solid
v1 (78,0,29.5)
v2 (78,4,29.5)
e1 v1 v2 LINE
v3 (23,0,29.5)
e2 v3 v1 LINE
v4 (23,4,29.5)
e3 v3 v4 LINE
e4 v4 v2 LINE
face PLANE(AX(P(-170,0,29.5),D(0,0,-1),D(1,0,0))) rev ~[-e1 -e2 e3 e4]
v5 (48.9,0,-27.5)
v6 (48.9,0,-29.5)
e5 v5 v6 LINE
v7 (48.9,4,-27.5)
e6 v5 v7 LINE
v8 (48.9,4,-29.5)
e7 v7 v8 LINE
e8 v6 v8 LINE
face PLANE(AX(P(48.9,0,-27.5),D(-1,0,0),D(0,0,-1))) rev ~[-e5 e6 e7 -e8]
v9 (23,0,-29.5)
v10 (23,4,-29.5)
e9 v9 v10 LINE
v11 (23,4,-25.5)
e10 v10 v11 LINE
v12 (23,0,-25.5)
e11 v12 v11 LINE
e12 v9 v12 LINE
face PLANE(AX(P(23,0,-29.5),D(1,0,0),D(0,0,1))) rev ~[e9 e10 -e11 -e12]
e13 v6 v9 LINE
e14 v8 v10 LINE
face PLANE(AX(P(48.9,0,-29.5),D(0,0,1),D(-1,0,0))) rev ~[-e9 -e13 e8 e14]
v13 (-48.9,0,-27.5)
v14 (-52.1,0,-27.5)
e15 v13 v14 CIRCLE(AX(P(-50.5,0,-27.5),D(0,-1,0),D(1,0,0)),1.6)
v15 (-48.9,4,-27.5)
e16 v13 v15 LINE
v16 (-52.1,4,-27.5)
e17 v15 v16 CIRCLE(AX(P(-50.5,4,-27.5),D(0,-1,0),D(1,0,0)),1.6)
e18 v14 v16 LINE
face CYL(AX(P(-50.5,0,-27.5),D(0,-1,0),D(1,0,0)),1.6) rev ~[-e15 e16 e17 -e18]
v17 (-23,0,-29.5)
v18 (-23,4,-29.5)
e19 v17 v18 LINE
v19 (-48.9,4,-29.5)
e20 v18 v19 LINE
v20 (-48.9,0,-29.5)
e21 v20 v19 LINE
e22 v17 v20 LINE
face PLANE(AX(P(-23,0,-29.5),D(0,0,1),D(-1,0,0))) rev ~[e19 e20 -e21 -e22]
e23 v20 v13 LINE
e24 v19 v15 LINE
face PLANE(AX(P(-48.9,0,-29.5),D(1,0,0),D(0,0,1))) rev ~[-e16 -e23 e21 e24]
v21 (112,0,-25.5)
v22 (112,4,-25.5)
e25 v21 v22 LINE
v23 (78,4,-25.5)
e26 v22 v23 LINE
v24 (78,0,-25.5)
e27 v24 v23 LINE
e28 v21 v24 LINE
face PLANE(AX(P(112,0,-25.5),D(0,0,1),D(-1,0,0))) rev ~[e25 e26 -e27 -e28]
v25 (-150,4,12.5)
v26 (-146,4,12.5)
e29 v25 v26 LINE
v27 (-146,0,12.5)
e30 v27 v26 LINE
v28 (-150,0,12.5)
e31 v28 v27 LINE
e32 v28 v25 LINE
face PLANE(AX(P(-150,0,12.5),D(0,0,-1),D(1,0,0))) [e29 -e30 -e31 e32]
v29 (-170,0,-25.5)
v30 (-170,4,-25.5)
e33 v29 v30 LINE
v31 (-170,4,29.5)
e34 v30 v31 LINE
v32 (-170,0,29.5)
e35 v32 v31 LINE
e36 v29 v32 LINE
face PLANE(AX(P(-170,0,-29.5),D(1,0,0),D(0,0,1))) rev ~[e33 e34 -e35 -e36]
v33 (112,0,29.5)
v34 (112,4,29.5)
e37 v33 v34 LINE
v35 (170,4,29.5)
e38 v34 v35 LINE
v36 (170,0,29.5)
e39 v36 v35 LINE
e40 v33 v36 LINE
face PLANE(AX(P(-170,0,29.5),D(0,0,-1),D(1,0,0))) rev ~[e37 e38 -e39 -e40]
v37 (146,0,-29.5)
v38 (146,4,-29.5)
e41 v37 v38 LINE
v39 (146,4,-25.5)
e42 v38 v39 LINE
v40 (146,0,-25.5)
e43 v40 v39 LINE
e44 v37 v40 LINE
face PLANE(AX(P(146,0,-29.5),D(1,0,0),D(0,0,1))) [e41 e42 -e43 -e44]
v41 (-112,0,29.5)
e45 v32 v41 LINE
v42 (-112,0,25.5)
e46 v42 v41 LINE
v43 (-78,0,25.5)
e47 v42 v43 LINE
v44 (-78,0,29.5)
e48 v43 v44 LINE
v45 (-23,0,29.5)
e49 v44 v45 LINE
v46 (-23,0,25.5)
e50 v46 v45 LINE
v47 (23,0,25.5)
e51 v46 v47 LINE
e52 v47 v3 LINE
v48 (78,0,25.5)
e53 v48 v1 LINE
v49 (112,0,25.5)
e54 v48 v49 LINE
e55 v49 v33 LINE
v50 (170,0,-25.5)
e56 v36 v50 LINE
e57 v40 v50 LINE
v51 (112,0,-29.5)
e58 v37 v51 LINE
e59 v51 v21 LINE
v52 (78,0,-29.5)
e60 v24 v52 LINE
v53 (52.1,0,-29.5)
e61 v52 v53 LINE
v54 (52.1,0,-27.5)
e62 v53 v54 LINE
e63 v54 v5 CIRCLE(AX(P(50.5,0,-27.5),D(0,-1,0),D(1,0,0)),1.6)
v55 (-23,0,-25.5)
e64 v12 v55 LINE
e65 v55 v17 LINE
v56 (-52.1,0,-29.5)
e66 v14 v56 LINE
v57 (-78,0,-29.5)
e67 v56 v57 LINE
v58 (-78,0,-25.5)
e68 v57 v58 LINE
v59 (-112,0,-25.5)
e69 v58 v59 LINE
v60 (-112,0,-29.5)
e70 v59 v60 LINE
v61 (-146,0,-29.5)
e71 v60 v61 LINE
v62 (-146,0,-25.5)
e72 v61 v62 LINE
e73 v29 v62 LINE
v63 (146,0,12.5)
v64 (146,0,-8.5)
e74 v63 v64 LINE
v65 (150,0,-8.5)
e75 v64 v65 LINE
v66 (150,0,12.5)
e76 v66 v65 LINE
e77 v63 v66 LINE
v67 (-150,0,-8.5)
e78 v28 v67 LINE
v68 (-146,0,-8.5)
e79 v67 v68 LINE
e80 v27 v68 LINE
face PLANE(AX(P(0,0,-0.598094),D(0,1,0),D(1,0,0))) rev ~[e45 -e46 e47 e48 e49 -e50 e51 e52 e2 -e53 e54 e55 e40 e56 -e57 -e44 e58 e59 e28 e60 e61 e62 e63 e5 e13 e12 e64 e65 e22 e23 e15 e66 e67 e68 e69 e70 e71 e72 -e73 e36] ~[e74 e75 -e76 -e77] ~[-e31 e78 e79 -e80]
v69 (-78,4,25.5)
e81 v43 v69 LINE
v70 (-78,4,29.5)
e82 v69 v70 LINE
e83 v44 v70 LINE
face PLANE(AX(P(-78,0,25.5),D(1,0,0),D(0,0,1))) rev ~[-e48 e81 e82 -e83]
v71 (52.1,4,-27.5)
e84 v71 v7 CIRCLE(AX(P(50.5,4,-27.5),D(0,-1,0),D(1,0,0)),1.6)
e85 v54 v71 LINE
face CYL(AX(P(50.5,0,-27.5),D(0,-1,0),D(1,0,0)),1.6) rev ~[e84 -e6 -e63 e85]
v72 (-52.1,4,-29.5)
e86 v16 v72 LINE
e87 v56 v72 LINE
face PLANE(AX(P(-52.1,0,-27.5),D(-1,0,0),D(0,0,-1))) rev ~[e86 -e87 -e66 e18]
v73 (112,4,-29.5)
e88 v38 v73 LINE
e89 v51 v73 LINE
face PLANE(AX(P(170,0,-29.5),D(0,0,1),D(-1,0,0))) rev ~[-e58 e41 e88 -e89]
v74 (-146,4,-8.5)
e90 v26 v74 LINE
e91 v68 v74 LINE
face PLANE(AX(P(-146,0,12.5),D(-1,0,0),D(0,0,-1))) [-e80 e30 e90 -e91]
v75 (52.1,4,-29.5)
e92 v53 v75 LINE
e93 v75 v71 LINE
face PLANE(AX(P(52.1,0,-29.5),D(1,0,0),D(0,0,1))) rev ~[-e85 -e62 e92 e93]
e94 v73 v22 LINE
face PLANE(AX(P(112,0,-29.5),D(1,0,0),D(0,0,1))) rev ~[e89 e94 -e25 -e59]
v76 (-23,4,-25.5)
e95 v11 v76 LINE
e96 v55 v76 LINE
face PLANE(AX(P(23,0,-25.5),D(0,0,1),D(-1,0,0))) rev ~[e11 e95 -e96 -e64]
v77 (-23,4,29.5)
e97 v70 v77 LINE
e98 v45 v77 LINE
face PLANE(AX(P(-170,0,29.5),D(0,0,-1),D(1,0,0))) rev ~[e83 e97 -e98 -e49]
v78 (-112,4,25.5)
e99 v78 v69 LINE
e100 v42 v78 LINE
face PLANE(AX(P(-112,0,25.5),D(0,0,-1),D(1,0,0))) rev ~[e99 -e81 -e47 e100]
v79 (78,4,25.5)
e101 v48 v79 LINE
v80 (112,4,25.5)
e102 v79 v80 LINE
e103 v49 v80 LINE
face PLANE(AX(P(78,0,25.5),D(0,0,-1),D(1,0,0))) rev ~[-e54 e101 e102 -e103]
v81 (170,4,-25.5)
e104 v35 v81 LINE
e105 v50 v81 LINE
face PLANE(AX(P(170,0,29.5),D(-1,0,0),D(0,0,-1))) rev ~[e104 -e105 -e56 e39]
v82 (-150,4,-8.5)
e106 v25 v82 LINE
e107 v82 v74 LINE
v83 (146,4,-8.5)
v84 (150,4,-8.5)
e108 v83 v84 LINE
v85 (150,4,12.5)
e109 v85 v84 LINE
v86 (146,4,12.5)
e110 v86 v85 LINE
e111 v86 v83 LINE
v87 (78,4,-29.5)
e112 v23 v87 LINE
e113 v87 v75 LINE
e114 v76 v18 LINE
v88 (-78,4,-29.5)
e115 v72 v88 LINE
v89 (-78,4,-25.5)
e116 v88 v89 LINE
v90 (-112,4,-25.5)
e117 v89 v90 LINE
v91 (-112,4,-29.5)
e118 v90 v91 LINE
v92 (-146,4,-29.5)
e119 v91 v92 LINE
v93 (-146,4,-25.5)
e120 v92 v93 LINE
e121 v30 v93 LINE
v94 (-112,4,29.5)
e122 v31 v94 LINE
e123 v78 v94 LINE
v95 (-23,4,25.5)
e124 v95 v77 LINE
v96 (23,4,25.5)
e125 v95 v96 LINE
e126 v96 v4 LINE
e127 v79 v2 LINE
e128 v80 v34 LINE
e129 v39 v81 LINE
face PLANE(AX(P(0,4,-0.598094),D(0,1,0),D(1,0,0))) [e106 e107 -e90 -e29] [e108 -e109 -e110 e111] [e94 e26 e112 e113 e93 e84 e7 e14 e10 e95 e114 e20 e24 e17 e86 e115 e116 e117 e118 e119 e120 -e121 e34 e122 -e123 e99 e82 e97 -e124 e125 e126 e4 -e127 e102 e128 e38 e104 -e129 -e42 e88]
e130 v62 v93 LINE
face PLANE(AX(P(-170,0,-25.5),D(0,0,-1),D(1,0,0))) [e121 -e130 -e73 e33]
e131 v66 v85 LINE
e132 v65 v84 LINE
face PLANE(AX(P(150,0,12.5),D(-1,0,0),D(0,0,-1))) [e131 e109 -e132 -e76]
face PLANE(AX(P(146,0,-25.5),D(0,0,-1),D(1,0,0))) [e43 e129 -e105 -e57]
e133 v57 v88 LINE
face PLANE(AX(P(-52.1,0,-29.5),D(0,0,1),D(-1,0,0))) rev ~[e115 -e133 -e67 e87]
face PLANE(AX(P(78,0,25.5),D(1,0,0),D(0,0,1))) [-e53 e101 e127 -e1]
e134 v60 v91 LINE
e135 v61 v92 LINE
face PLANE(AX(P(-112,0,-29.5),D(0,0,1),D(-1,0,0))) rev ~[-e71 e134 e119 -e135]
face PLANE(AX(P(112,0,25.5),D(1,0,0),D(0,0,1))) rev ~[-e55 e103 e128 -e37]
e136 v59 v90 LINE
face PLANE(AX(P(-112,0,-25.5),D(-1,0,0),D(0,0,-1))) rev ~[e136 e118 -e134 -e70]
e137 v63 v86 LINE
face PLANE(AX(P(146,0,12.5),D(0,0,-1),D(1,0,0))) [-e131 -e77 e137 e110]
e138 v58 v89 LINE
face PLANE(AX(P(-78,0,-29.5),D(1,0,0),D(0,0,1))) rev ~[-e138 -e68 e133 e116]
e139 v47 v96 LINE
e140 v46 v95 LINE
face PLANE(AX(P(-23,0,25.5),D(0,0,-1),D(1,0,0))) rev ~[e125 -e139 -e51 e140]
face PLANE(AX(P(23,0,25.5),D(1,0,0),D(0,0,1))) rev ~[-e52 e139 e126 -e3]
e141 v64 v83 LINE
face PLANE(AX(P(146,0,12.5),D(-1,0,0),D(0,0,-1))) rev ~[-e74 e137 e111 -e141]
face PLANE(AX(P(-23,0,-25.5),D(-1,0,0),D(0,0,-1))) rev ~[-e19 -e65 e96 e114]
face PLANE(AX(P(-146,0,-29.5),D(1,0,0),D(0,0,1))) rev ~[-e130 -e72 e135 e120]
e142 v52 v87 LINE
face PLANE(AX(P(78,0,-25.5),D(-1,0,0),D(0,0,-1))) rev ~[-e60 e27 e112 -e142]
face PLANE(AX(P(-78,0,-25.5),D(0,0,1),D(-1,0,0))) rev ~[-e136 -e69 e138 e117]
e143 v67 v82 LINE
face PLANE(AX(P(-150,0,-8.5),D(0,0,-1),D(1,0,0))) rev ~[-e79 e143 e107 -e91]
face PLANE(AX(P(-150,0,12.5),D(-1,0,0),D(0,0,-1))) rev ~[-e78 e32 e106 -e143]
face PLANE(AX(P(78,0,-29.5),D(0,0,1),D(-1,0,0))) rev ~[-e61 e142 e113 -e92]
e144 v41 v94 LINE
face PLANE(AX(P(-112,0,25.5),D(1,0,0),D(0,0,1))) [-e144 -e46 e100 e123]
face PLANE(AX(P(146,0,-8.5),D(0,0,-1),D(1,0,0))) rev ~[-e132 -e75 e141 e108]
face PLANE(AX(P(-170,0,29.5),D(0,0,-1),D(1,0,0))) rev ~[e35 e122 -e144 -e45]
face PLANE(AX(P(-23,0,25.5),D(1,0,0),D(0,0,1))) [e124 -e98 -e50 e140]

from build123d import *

# Parameters (mm, degrees)
SKETCH1_W           = 4
SKETCH1_H           = 21
BOSS_EXTRUDE1_DEPTH = 4
CUT_EXTRUDE1_REACH  = 174.587
SKETCH3_W           = 34
SKETCH3_H           = 4
SKETCH3_W_2         = 46
SKETCH3_W_3         = 24


with BuildPart() as part:
    # Sketch1 → Boss-Extrude1 (new body)
    with BuildSketch(Plane(origin=(0, 0, 0), x_dir=(1, 0, 0), z_dir=(0, 1, 0))):
        with BuildLine():
            Line((-170, -29.5), (170, -29.5))
            Line((170, -29.5), (170, 29.5))
            Line((170, 29.5), (112, 29.5))
            Line((112, 29.5), (112, 25.5))
            Line((112, 25.5), (78, 25.5))
            Line((78, 25.5), (78, 29.5))
            Line((78, 29.5), (52.1, 29.5))
            Line((52.1, 29.5), (52.1, 27.5))
            ThreePointArc((52.1, 27.5), (50.5, 25.9), (48.9, 27.5))
            Line((48.9, 27.5), (48.9, 29.5))
            Line((48.9, 29.5), (23, 29.5))
            Line((23, 29.5), (23, 25.5))
            Line((23, 25.5), (-23, 25.5))
            Line((-23, 25.5), (-23, 29.5))
            Line((-23, 29.5), (-48.9, 29.5))
            Line((-48.9, 29.5), (-48.9, 27.5))
            ThreePointArc((-48.9, 27.5), (-50.5, 25.9), (-52.1, 27.5))
            Line((-52.1, 27.5), (-52.1, 29.5))
            Line((-52.1, 29.5), (-78, 29.5))
            Line((-78, 29.5), (-78, 25.5))
            Line((-78, 25.5), (-112, 25.5))
            Line((-112, 25.5), (-112, 29.5))
            Line((-112, 29.5), (-170, 29.5))
            Line((-170, 29.5), (-170, -29.5))
        make_face()
        with Locations((-148, -2)):
            Rectangle(SKETCH1_W, SKETCH1_H, mode=Mode.SUBTRACT)
        with Locations((148, -2)):
            Rectangle(SKETCH1_W, SKETCH1_H, mode=Mode.SUBTRACT)
    extrude(amount=BOSS_EXTRUDE1_DEPTH)

    # Sketch3 → Cut-Extrude1 (cut, up to next)
    with BuildSketch(Plane.XZ, mode=Mode.PRIVATE) as cut_extrude1_sk1:
        with Locations((-95, 27.5)):
            Rectangle(SKETCH3_W, SKETCH3_H)
    cut_extrude1_tool1 = extrude(cut_extrude1_sk1.sketch, amount=-CUT_EXTRUDE1_REACH, mode=Mode.PRIVATE) & part.part
    # Sketch3 → Cut-Extrude1 (cut, up to next)
    with BuildSketch(Plane.XZ, mode=Mode.PRIVATE) as cut_extrude1_sk2:
        with Locations((0, 27.5)):
            Rectangle(SKETCH3_W_2, SKETCH3_H)
    cut_extrude1_tool2 = extrude(cut_extrude1_sk2.sketch, amount=-CUT_EXTRUDE1_REACH, mode=Mode.PRIVATE) & part.part
    # Sketch3 → Cut-Extrude1 (cut, up to next)
    with BuildSketch(Plane.XZ, mode=Mode.PRIVATE) as cut_extrude1_sk3:
        with Locations((95, 27.5)):
            Rectangle(SKETCH3_W, SKETCH3_H)
    cut_extrude1_tool3 = extrude(cut_extrude1_sk3.sketch, amount=-CUT_EXTRUDE1_REACH, mode=Mode.PRIVATE) & part.part
    # Sketch3 → Cut-Extrude1 (cut, up to next)
    with BuildSketch(Plane.XZ, mode=Mode.PRIVATE) as cut_extrude1_sk4:
        with Locations((-158, -27.5)):
            Rectangle(SKETCH3_W_3, SKETCH3_H)
    cut_extrude1_tool4 = extrude(cut_extrude1_sk4.sketch, amount=-CUT_EXTRUDE1_REACH, mode=Mode.PRIVATE) & part.part
    # Sketch3 → Cut-Extrude1 (cut, up to next)
    with BuildSketch(Plane.XZ, mode=Mode.PRIVATE) as cut_extrude1_sk5:
        with Locations((158, -27.5)):
            Rectangle(SKETCH3_W_3, SKETCH3_H)
    cut_extrude1_tool5 = extrude(cut_extrude1_sk5.sketch, amount=-CUT_EXTRUDE1_REACH, mode=Mode.PRIVATE) & part.part
    add(cut_extrude1_tool1.solids().sort_by_distance((-95, 0, 27.5))[0], mode=Mode.SUBTRACT)
    add(cut_extrude1_tool2.solids().sort_by_distance((0, 0, 27.5))[0], mode=Mode.SUBTRACT)
    add(cut_extrude1_tool3.solids().sort_by_distance((95, 0, 27.5))[0], mode=Mode.SUBTRACT)
    add(cut_extrude1_tool4.solids().sort_by_distance((-158, 0, -27.5))[0], mode=Mode.SUBTRACT)
    add(cut_extrude1_tool5.solids().sort_by_distance((158, 0, -27.5))[0], mode=Mode.SUBTRACT)


solid = part.part
